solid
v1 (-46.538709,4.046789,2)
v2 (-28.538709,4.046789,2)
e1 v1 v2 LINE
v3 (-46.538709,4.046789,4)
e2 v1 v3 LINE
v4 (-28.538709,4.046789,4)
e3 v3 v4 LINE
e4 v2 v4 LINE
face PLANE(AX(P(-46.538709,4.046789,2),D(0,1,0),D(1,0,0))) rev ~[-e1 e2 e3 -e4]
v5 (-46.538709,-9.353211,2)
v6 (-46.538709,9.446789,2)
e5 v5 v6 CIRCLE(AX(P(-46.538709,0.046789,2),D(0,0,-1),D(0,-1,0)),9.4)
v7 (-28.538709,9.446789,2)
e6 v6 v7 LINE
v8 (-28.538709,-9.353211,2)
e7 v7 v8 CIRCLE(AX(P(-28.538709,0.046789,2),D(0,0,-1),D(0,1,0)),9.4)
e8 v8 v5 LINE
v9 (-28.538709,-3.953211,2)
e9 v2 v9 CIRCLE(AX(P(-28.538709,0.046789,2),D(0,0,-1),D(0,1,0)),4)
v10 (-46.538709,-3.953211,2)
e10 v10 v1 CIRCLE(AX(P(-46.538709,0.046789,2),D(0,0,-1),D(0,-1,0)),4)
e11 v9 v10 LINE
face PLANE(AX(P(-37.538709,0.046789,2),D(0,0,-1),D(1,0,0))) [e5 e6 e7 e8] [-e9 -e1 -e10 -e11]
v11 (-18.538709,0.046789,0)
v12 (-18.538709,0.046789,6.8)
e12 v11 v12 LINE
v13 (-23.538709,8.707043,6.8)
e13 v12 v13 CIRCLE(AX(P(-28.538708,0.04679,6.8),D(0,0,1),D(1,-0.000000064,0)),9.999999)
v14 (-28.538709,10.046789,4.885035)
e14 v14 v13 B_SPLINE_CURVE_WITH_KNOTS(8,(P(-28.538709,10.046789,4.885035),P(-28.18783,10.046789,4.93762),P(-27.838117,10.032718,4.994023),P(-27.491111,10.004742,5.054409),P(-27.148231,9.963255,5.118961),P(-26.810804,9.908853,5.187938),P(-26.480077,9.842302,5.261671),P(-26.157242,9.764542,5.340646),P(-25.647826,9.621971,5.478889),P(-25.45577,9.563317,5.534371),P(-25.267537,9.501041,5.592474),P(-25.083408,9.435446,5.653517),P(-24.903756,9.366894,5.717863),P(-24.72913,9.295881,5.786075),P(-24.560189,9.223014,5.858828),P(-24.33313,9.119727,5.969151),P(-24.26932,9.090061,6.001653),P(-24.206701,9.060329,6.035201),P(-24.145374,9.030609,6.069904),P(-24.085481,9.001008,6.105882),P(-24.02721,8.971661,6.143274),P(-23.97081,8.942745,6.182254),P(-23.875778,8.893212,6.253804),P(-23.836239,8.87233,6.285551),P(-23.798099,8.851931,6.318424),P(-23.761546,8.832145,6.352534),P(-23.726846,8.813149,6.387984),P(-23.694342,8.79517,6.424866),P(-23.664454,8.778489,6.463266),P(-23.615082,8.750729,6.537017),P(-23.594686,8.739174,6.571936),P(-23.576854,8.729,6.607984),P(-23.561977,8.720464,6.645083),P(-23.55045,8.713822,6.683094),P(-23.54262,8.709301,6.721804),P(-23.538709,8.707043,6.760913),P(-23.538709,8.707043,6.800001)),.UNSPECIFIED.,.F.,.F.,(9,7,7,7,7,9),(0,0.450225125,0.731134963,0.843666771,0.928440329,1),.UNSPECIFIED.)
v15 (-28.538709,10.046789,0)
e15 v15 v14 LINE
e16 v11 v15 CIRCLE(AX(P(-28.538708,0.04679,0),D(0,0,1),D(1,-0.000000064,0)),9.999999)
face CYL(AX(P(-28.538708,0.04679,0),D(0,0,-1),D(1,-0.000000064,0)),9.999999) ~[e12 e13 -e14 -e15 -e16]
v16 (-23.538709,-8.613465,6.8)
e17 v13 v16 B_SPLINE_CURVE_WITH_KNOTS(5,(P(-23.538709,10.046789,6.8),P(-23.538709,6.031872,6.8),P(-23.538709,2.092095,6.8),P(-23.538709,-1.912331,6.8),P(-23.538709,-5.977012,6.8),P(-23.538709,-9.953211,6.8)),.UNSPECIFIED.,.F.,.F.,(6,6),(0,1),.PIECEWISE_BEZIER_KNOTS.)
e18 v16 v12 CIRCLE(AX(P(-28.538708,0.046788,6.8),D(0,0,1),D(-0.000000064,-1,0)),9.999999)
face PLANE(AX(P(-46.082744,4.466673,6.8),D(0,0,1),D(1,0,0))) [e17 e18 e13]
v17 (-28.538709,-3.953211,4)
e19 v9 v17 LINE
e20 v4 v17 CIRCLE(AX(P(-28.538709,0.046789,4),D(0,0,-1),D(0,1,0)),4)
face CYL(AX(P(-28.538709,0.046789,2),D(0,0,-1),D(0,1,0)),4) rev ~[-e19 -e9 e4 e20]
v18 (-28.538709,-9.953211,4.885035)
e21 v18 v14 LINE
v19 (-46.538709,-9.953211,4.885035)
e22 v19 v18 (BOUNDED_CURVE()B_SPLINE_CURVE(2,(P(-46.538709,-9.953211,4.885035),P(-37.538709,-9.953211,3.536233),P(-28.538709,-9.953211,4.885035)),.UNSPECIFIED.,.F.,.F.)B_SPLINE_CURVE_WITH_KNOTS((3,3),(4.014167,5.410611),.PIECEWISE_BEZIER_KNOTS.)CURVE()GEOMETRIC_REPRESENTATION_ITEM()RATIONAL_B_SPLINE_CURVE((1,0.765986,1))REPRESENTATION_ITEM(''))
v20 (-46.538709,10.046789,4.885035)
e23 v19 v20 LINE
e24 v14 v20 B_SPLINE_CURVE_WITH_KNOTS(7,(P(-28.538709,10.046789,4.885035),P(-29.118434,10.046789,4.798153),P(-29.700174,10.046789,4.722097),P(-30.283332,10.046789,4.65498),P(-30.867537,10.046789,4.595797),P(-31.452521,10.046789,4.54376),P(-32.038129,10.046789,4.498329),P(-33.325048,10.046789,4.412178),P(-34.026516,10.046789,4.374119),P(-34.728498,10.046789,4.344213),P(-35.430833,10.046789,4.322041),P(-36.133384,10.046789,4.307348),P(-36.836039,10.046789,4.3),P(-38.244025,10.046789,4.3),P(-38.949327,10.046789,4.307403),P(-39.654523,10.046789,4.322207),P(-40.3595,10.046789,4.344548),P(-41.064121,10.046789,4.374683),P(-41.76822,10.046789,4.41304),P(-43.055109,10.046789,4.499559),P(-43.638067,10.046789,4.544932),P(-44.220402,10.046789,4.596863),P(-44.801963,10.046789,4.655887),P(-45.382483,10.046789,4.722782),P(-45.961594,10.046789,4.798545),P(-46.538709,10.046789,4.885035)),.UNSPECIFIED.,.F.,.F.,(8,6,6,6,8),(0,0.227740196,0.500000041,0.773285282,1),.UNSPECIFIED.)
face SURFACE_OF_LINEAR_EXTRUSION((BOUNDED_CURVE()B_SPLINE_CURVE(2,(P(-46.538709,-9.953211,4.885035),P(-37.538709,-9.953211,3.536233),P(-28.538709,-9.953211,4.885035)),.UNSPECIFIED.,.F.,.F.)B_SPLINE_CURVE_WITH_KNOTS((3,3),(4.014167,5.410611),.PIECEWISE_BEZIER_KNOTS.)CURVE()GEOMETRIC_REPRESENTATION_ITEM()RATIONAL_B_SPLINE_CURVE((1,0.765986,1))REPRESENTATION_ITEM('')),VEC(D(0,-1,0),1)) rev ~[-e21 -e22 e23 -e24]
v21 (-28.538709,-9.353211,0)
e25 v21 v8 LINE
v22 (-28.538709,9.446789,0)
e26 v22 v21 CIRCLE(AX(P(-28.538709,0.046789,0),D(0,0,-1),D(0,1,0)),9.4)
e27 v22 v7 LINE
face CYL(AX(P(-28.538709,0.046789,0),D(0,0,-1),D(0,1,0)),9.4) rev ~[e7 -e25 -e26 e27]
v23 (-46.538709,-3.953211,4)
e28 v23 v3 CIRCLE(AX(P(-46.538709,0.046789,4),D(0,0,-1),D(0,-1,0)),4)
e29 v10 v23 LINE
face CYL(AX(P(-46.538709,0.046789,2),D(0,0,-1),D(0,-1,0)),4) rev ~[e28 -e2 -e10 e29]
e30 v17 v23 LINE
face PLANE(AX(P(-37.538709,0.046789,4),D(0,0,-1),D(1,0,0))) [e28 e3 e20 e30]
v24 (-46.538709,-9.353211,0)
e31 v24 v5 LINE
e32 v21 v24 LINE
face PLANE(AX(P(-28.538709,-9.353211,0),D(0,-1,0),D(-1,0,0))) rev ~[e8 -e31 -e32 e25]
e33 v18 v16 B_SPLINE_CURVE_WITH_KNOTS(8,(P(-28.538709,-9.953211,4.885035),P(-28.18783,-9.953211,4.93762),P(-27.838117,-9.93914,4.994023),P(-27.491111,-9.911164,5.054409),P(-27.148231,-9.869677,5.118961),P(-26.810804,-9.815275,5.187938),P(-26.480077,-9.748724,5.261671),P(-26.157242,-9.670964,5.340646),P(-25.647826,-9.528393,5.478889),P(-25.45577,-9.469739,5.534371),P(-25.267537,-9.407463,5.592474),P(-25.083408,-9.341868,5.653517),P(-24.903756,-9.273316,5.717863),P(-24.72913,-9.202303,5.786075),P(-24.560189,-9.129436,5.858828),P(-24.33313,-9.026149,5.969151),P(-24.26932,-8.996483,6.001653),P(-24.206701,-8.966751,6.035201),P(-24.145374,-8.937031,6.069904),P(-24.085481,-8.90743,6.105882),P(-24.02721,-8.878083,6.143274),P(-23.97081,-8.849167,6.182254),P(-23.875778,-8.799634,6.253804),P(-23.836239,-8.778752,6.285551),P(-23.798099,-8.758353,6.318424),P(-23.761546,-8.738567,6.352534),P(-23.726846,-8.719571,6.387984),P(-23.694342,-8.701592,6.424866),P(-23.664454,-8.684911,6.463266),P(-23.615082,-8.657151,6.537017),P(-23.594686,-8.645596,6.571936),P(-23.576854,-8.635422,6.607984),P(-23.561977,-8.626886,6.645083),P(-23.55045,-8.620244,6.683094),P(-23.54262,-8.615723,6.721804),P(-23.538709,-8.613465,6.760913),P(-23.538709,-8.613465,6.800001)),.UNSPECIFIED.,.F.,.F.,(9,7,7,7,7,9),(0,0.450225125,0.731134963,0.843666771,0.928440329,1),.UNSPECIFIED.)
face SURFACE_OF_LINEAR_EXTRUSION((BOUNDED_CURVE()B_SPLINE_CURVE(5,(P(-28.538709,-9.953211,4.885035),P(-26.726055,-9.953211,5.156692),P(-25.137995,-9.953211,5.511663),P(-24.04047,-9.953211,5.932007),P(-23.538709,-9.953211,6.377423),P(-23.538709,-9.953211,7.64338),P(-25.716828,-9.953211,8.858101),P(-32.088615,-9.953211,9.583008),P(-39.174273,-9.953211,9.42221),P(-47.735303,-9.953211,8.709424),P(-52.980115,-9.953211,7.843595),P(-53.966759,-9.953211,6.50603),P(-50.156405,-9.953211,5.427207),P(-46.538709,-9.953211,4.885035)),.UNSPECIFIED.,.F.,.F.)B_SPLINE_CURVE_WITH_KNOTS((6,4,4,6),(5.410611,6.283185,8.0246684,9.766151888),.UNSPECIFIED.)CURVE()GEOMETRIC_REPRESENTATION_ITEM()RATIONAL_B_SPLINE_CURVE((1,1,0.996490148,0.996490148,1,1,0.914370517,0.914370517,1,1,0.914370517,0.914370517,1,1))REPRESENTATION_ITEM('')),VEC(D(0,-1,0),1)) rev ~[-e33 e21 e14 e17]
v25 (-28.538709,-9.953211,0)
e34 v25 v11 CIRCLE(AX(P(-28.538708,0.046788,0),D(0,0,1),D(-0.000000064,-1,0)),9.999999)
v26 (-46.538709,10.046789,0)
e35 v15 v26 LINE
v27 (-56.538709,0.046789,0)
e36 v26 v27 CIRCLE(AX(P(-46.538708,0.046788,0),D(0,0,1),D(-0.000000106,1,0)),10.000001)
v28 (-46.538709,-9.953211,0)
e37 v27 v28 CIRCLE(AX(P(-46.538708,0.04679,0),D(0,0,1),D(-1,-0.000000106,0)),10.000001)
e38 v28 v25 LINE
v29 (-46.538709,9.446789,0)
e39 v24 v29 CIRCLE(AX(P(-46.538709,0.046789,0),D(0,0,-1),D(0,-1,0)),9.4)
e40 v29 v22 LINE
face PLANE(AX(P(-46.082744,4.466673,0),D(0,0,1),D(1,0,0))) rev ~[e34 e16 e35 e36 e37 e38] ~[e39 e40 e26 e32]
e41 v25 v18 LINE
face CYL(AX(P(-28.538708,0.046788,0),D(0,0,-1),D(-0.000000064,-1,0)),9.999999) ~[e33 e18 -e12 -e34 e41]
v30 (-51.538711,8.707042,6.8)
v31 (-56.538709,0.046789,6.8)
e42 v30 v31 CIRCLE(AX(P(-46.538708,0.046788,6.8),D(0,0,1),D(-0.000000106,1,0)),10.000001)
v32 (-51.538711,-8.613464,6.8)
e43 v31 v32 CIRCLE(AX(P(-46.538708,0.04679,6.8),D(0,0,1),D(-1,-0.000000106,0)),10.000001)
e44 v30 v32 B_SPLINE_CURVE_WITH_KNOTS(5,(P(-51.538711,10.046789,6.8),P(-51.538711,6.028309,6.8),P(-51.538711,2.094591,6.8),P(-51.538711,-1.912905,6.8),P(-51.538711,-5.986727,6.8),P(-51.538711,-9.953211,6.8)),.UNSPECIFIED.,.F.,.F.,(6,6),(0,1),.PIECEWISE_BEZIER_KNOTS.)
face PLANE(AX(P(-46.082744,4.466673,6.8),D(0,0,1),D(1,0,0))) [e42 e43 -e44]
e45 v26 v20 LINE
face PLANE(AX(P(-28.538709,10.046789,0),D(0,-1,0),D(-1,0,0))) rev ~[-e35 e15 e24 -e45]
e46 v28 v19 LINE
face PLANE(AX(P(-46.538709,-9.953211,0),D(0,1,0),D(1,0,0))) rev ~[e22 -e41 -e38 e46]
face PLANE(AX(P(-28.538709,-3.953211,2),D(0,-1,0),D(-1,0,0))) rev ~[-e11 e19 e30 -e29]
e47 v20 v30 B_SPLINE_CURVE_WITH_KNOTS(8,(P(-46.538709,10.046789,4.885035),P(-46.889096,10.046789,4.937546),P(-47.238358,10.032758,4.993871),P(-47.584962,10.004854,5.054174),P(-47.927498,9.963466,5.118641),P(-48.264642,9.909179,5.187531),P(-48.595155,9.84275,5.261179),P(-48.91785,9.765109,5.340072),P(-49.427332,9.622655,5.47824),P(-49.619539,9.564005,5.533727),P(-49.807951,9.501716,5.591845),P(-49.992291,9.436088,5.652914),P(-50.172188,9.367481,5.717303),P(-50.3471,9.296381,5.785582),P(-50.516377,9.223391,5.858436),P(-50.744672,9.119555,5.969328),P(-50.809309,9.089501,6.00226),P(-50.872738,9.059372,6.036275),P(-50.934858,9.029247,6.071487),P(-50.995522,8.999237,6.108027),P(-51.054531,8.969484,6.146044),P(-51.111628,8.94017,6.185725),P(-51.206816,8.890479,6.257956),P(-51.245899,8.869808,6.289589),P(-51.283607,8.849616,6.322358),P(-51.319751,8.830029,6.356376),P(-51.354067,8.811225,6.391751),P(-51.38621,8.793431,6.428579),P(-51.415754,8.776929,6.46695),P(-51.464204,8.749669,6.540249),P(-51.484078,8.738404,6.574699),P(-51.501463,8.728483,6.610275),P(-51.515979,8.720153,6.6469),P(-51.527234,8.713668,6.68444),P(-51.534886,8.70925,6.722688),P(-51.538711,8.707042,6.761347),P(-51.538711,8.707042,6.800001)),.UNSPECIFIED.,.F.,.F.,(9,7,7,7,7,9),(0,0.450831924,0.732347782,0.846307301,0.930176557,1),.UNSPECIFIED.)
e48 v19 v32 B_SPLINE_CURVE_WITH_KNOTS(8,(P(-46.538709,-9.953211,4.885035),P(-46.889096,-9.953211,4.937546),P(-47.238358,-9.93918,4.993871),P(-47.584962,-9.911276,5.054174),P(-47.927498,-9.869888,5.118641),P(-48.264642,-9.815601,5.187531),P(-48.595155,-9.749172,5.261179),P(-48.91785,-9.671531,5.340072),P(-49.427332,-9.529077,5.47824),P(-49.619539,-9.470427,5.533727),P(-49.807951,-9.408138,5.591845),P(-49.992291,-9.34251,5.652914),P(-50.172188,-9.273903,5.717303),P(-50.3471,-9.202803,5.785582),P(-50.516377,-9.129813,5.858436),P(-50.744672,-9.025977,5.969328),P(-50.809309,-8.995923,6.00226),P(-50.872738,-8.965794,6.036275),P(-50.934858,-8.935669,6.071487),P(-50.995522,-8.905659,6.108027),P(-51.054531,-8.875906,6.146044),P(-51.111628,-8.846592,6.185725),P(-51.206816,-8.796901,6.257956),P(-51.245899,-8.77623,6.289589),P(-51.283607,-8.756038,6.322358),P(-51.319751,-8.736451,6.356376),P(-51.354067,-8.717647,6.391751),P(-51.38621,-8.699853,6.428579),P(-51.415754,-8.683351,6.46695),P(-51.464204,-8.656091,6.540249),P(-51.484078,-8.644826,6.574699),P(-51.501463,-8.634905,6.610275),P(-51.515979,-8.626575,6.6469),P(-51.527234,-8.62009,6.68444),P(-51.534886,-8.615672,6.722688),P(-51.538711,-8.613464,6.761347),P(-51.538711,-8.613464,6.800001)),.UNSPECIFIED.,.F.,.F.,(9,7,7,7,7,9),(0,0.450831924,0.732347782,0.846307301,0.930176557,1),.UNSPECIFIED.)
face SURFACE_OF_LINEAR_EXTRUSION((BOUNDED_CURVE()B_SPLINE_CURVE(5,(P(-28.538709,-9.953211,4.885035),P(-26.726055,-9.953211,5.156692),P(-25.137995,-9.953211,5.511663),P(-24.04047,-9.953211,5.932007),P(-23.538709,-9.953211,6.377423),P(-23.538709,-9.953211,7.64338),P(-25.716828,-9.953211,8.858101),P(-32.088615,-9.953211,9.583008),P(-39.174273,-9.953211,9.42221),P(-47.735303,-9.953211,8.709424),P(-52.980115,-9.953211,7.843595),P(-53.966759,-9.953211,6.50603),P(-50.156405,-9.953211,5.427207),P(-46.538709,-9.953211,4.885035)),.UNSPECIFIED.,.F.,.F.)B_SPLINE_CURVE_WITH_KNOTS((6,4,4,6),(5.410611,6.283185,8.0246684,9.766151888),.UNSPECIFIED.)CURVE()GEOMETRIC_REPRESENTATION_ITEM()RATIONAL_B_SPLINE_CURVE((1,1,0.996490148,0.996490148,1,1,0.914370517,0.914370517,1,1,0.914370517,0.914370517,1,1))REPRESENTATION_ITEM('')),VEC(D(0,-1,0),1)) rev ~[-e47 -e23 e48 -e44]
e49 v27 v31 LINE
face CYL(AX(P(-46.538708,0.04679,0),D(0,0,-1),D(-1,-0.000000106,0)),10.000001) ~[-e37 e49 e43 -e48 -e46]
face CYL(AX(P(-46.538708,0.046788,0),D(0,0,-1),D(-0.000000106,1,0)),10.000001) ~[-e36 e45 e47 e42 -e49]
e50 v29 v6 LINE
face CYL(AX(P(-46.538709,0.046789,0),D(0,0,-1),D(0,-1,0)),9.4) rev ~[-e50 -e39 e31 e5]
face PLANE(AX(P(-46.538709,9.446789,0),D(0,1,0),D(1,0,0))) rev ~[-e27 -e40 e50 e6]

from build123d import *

# Parameters (mm, degrees)
F1_DEPTH = 6.8
F3_DEPTH = 25
F5_DEPTH = 2
F7_DEPTH = 2


with BuildPart() as f1:
    # F0 (on Top) → F1 (new body)
    with BuildSketch(Plane.XY):
        with BuildLine():
            ThreePointArc((-46.538709, 10.046789), (-53.609776, 7.117857), (-56.538709, 0.046789))
            Line((-56.538709, 0.046789), (-37.538709, 0.046789))
            Line((-37.538709, 0.046789), (-37.538709, 10.046789))
            Line((-37.538709, 10.046789), (-46.538709, 10.046789))
        make_face()
        with BuildLine():
            Line((-37.538709, 0.046789), (-56.538709, 0.046789))
            ThreePointArc((-56.538709, 0.046789), (-53.609776, -7.024279), (-46.538709, -9.953211))
            Line((-46.538709, -9.953211), (-37.538709, -9.953211))
            Line((-37.538709, -9.953211), (-37.538709, 0.046789))
        make_face()
        with BuildLine():
            Line((-37.538709, 10.046789), (-37.538709, 0.046789))
            Line((-37.538709, 0.046789), (-18.538709, 0.046789))
            ThreePointArc((-18.538709, 0.046789), (-21.467641, 7.117857), (-28.538709, 10.046789))
            Line((-28.538709, 10.046789), (-37.538709, 10.046789))
        make_face()
        with BuildLine():
            Line((-18.538709, 0.046789), (-37.538709, 0.046789))
            Line((-37.538709, 0.046789), (-37.538709, -9.953211))
            Line((-37.538709, -9.953211), (-28.538709, -9.953211))
            ThreePointArc((-28.538709, -9.953211), (-21.467641, -7.024279), (-18.538709, 0.046789))
        make_face()
    extrude(amount=F1_DEPTH)

    # F2 (on face) → F3 (cut)
    with BuildSketch(Plane.XZ.offset(9.953211)):
        with BuildLine():
            Line((-46.538709, 6.8), (-46.538709, 4.885035))
            add(Edge.make_bspline(
                [(-46.538709, 4.885035), (-37.538709, 3.536233), (-28.538709, 4.885035)],
                knots=[4.014167, 4.014167, 4.014167, 5.410611, 5.410611, 5.410611], degree=2, weights=[1, 0.765986, 1]))
            Line((-28.538709, 4.885035), (-28.538709, 6.8))
            Line((-28.538709, 6.8), (-46.538709, 6.8))
        make_face()
        with BuildLine():
            add(Edge.make_bspline(
                [(-28.538709, 4.885035), (-23.538709, 5.634369), (-23.538709, 6.8)],
                knots=[5.410611, 5.410611, 5.410611, 6.283185, 6.283185, 6.283185], degree=2, weights=[1, 0.906327, 1]))
            add(Edge.make_bspline(
                [(-23.538709, 6.8), (-23.538709, 10.724017), (-43.454788, 9.065817), (-63.370868, 7.407617), (-46.538709, 4.885035)],
                knots=[0, 0, 0, 2.007083, 2.007083, 4.014167, 4.014167, 4.014167], degree=2, weights=[1, 0.537319, 1, 0.537319, 1]))
            Line((-46.538709, 4.885035), (-46.538709, 6.8))
            Line((-46.538709, 6.8), (-28.538709, 6.8))
            Line((-28.538709, 6.8), (-28.538709, 4.885035))
        make_face()
    extrude(amount=-F3_DEPTH, mode=Mode.SUBTRACT)

    # F4 (on face) → F5 (cut)
    with BuildSketch(Plane(origin=(0, 0, 0), x_dir=(1, 0, 0), z_dir=(0, 0, -1))):
        with BuildLine():
            Line((-28.538709, 9.353211), (-46.538709, 9.353211))
            ThreePointArc((-46.538709, 9.353211), (-55.938709, -0.046789), (-46.538709, -9.446789))
            Line((-46.538709, -9.446789), (-28.538709, -9.446789))
            ThreePointArc((-28.538709, -9.446789), (-19.138709, -0.046789), (-28.538709, 9.353211))
        make_face()
    extrude(amount=-F5_DEPTH, mode=Mode.SUBTRACT)

    # F6 (on face) → F7 (cut)
    with BuildSketch(Plane(origin=(0, 0, 2), x_dir=(1, 0, 0), z_dir=(0, 0, -1))):
        with BuildLine():
            Line((-28.538709, 3.953211), (-46.538709, 3.953211))
            ThreePointArc((-46.538709, 3.953211), (-50.538709, -0.046789), (-46.538709, -4.046789))
            Line((-46.538709, -4.046789), (-28.538709, -4.046789))
            ThreePointArc((-28.538709, -4.046789), (-24.538709, -0.046789), (-28.538709, 3.953211))
        make_face()
    extrude(amount=-F7_DEPTH, mode=Mode.SUBTRACT)


solid = f1.part
